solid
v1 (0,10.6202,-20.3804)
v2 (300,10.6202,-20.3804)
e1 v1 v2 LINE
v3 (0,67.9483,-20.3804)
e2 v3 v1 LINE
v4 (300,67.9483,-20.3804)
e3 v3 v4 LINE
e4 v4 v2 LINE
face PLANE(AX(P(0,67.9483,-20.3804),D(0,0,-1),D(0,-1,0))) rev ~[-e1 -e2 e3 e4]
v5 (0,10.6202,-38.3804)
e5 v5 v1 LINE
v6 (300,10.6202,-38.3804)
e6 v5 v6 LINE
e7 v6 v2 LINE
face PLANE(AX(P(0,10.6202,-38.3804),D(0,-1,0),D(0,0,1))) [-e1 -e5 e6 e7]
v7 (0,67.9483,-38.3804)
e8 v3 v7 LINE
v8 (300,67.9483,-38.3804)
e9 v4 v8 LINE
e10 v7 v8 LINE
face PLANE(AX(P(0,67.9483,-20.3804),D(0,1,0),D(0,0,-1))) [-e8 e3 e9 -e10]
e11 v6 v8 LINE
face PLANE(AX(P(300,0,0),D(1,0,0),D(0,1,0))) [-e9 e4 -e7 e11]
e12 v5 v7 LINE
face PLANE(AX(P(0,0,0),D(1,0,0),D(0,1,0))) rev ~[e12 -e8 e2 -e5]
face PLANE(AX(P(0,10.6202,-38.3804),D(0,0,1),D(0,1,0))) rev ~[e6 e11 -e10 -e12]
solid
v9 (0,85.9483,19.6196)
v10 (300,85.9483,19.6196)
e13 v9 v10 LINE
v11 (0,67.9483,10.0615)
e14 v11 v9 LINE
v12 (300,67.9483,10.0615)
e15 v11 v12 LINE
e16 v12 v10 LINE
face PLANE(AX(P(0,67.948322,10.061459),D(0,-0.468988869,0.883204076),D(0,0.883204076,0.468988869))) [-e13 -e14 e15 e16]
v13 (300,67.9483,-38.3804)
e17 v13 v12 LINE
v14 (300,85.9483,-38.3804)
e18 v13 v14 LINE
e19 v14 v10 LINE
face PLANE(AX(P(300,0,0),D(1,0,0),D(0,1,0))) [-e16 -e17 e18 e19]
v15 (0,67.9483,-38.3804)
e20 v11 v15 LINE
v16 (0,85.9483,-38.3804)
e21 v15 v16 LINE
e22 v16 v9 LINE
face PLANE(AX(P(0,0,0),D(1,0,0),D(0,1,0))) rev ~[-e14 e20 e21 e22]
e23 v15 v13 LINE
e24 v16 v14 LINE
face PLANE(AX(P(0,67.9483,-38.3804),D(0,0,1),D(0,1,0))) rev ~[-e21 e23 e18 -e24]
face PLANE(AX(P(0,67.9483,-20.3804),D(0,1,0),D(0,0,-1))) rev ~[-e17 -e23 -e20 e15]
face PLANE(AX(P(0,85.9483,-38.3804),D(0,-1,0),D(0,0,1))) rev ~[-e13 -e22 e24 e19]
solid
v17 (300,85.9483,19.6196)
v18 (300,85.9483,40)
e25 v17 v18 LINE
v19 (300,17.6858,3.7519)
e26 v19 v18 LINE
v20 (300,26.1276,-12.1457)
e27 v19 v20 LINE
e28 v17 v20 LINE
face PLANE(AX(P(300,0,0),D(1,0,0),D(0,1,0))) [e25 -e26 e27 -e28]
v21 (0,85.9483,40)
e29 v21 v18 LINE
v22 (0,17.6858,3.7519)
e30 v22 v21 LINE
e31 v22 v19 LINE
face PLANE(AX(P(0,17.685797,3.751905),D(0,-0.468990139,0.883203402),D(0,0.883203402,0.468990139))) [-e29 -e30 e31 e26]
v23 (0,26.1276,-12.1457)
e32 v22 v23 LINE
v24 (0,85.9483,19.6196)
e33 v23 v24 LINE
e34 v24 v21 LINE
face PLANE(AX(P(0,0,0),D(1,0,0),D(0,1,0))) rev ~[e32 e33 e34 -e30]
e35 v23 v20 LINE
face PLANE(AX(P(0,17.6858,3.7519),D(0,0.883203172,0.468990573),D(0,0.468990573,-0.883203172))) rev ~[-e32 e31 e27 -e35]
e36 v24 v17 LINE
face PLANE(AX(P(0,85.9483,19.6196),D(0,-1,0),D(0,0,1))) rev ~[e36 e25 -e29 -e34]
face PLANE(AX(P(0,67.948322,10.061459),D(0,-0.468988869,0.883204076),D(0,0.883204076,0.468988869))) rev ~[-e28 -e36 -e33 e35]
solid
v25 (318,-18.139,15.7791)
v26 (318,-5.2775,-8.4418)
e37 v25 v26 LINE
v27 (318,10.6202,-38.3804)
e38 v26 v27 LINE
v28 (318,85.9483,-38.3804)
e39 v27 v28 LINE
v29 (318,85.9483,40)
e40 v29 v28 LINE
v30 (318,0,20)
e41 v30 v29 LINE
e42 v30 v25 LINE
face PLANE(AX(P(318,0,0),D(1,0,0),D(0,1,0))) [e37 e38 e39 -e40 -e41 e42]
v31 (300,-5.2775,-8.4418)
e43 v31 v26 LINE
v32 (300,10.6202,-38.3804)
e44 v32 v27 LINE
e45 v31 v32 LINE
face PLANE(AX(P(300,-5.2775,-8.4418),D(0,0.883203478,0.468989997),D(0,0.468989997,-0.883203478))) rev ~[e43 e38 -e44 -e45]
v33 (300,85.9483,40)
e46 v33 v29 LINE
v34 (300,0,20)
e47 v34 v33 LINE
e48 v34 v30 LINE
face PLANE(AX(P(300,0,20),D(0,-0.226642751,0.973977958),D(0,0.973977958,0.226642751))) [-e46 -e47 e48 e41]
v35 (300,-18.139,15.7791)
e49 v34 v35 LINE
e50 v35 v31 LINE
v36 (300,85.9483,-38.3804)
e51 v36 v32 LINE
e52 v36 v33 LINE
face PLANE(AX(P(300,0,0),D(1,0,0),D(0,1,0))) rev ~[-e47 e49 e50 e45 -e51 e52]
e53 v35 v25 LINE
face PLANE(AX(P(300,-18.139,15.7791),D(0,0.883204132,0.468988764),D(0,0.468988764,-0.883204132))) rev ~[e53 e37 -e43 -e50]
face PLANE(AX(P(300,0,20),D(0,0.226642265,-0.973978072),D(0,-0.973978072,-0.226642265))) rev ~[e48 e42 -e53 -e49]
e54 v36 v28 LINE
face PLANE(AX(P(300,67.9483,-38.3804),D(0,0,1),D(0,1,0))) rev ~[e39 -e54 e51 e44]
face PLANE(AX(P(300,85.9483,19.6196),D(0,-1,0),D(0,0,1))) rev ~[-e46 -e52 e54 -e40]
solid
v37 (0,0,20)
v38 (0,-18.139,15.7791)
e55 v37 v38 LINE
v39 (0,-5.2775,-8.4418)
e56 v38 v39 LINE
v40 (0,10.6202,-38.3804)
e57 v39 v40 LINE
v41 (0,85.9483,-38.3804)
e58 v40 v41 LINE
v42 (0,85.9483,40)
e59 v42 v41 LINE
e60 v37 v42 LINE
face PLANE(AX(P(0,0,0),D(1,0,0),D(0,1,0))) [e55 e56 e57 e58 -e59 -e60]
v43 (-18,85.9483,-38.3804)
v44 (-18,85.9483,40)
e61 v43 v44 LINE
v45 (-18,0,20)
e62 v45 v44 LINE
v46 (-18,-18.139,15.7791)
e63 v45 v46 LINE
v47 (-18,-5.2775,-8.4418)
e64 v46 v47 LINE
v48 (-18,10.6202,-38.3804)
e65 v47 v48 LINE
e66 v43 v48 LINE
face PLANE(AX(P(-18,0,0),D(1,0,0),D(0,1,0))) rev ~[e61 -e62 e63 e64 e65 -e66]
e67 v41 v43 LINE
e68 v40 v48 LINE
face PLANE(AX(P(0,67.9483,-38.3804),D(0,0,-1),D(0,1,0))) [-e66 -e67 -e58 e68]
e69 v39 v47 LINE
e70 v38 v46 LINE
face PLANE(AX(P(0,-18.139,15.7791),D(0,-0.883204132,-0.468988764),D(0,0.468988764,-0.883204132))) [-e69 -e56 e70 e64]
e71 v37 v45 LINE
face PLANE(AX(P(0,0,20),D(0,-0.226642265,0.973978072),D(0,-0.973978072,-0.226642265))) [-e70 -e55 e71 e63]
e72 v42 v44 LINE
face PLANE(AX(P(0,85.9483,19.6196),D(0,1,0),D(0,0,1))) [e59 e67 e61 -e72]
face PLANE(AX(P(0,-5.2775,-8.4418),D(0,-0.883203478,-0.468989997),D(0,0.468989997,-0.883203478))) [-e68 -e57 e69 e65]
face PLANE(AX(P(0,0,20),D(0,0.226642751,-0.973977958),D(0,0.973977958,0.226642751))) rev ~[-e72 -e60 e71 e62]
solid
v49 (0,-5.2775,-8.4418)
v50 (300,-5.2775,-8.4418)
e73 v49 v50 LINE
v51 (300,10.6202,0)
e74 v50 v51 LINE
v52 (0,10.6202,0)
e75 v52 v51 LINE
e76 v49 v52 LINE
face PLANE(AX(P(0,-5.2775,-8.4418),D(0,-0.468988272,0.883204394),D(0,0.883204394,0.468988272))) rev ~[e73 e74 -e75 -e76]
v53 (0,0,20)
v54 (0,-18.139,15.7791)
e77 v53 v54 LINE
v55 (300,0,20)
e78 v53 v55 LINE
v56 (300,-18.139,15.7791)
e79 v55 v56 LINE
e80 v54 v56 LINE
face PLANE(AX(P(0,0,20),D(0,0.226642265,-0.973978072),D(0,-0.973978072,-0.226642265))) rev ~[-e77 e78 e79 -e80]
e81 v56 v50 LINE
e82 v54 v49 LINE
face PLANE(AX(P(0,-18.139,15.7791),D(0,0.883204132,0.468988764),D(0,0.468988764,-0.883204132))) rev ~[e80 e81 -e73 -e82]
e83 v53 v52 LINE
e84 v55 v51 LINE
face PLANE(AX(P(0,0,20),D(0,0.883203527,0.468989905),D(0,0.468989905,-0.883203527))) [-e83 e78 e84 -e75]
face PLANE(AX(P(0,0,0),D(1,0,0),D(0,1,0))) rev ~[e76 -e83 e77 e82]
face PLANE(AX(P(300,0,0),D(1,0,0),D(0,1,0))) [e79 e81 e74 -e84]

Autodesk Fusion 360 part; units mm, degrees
sketch "Sketch1" plane through (0, 0, 0) normal (1, 0, 0) x (0, 1, 0)
  line L0 (0, 20) -> (10.6202, 0)
  line L1 (10.6202, 0) -> (85.9483, 40)
  line L2 (0, 0) -> (85.9483, 0) construction
  line L3 (85.9483, 0) -> (85.9483, 40) construction
  line L4 (0, 0) -> (0, 20) construction
  circle A0 centre (18.9045, 27.0439) radius 20 construction
  circle A1 centre (23.6902, 52.23) radius 40 construction
  circle A2 centre (23.9499, 75.0127) radius 60 construction
  line L5 (10.6202, 0) -> (10.6202, -20.3804) construction
  line L6 (10.6202, -38.3804) -> (85.9483, -38.3804)
  line L7 (85.9483, -38.3804) -> (85.9483, 40)
  line L8 (85.9483, 40) -> (85.9483, 160) construction
  line L9 (17.6858, 3.7519) -> (26.1276, -12.1457)
  line L10 (26.1276, -12.1457) -> (85.9483, 19.6196)
  line L11 (67.9483, 10.0615) -> (67.9483, -38.3804)
  line L12 (67.9483, -20.3804) -> (10.6202, -20.3804)
  line L13 (10.6202, -38.3804) -> (10.6202, -20.3804)
  line L14 (0, 20) -> (-18.139, 15.7791)
  line L15 (-18.139, 15.7791) -> (-5.2775, -8.4418)
  line L16 (-5.2775, -8.4418) -> (10.6202, 0)
  line L17 (-5.2775, -8.4418) -> (10.6202, -38.3804)
  line L18 (10.6202, -20.3804) -> (26.1276, -12.1457) construction
  line L19 (0, 20) -> (85.9483, 40)
  dimension "d2" = 20
  dimension "d3" = 40
  dimension "d4" = 40
  dimension "d5" = 80
  dimension "d6" = 120
  dimension "d9" = 120
  dimension "d11" = 18
  dimension "d13" = 18
  dimension "d14" = 18
  dimension "d17" = 27.969
  dimension "d18" = 8
  dimension "d19" = 18
  dimension "d20" = 62.031
  dimension "d21" = 57.3281
  dimension "d22" = 58
  dimension "d23" = 77.2897
  dimension "d24" = 75.131
  dimension "d25" = 27.4239
extrude "Extrude1" add sketch "Sketch1" along normal blind 300 contours L1 L7 L9 L10 | L6 L11 L12 L13 makes body 1 at (100, 40.44, 15.8346) makes body 2 at (100, 29.7296, -38.3804)
extrude "Extrude2" add sketch "Sketch1" along normal blind 300 separate body contours L0 L14 L15 L16 | L6 L7 L10 L11 makes body 3 at (100, -13.8518, 7.7055) makes body 4 at (100, 85.9483, -19.047)
extrude "Extrude3" add sketch "Sketch1" against normal blind 18 separate body makes body 5
extrude "Extrude4" add sketch "Sketch1" along normal blind 18 from surface at 300 separate body makes body 6
equation "d9 = d6"
equation "th = 18 mm"
equation "d11 = th"
equation "d13 = th"
equation "d14 = th"
equation "d19 = th"
equation "d30 = -th"
equation "d33 = th"
